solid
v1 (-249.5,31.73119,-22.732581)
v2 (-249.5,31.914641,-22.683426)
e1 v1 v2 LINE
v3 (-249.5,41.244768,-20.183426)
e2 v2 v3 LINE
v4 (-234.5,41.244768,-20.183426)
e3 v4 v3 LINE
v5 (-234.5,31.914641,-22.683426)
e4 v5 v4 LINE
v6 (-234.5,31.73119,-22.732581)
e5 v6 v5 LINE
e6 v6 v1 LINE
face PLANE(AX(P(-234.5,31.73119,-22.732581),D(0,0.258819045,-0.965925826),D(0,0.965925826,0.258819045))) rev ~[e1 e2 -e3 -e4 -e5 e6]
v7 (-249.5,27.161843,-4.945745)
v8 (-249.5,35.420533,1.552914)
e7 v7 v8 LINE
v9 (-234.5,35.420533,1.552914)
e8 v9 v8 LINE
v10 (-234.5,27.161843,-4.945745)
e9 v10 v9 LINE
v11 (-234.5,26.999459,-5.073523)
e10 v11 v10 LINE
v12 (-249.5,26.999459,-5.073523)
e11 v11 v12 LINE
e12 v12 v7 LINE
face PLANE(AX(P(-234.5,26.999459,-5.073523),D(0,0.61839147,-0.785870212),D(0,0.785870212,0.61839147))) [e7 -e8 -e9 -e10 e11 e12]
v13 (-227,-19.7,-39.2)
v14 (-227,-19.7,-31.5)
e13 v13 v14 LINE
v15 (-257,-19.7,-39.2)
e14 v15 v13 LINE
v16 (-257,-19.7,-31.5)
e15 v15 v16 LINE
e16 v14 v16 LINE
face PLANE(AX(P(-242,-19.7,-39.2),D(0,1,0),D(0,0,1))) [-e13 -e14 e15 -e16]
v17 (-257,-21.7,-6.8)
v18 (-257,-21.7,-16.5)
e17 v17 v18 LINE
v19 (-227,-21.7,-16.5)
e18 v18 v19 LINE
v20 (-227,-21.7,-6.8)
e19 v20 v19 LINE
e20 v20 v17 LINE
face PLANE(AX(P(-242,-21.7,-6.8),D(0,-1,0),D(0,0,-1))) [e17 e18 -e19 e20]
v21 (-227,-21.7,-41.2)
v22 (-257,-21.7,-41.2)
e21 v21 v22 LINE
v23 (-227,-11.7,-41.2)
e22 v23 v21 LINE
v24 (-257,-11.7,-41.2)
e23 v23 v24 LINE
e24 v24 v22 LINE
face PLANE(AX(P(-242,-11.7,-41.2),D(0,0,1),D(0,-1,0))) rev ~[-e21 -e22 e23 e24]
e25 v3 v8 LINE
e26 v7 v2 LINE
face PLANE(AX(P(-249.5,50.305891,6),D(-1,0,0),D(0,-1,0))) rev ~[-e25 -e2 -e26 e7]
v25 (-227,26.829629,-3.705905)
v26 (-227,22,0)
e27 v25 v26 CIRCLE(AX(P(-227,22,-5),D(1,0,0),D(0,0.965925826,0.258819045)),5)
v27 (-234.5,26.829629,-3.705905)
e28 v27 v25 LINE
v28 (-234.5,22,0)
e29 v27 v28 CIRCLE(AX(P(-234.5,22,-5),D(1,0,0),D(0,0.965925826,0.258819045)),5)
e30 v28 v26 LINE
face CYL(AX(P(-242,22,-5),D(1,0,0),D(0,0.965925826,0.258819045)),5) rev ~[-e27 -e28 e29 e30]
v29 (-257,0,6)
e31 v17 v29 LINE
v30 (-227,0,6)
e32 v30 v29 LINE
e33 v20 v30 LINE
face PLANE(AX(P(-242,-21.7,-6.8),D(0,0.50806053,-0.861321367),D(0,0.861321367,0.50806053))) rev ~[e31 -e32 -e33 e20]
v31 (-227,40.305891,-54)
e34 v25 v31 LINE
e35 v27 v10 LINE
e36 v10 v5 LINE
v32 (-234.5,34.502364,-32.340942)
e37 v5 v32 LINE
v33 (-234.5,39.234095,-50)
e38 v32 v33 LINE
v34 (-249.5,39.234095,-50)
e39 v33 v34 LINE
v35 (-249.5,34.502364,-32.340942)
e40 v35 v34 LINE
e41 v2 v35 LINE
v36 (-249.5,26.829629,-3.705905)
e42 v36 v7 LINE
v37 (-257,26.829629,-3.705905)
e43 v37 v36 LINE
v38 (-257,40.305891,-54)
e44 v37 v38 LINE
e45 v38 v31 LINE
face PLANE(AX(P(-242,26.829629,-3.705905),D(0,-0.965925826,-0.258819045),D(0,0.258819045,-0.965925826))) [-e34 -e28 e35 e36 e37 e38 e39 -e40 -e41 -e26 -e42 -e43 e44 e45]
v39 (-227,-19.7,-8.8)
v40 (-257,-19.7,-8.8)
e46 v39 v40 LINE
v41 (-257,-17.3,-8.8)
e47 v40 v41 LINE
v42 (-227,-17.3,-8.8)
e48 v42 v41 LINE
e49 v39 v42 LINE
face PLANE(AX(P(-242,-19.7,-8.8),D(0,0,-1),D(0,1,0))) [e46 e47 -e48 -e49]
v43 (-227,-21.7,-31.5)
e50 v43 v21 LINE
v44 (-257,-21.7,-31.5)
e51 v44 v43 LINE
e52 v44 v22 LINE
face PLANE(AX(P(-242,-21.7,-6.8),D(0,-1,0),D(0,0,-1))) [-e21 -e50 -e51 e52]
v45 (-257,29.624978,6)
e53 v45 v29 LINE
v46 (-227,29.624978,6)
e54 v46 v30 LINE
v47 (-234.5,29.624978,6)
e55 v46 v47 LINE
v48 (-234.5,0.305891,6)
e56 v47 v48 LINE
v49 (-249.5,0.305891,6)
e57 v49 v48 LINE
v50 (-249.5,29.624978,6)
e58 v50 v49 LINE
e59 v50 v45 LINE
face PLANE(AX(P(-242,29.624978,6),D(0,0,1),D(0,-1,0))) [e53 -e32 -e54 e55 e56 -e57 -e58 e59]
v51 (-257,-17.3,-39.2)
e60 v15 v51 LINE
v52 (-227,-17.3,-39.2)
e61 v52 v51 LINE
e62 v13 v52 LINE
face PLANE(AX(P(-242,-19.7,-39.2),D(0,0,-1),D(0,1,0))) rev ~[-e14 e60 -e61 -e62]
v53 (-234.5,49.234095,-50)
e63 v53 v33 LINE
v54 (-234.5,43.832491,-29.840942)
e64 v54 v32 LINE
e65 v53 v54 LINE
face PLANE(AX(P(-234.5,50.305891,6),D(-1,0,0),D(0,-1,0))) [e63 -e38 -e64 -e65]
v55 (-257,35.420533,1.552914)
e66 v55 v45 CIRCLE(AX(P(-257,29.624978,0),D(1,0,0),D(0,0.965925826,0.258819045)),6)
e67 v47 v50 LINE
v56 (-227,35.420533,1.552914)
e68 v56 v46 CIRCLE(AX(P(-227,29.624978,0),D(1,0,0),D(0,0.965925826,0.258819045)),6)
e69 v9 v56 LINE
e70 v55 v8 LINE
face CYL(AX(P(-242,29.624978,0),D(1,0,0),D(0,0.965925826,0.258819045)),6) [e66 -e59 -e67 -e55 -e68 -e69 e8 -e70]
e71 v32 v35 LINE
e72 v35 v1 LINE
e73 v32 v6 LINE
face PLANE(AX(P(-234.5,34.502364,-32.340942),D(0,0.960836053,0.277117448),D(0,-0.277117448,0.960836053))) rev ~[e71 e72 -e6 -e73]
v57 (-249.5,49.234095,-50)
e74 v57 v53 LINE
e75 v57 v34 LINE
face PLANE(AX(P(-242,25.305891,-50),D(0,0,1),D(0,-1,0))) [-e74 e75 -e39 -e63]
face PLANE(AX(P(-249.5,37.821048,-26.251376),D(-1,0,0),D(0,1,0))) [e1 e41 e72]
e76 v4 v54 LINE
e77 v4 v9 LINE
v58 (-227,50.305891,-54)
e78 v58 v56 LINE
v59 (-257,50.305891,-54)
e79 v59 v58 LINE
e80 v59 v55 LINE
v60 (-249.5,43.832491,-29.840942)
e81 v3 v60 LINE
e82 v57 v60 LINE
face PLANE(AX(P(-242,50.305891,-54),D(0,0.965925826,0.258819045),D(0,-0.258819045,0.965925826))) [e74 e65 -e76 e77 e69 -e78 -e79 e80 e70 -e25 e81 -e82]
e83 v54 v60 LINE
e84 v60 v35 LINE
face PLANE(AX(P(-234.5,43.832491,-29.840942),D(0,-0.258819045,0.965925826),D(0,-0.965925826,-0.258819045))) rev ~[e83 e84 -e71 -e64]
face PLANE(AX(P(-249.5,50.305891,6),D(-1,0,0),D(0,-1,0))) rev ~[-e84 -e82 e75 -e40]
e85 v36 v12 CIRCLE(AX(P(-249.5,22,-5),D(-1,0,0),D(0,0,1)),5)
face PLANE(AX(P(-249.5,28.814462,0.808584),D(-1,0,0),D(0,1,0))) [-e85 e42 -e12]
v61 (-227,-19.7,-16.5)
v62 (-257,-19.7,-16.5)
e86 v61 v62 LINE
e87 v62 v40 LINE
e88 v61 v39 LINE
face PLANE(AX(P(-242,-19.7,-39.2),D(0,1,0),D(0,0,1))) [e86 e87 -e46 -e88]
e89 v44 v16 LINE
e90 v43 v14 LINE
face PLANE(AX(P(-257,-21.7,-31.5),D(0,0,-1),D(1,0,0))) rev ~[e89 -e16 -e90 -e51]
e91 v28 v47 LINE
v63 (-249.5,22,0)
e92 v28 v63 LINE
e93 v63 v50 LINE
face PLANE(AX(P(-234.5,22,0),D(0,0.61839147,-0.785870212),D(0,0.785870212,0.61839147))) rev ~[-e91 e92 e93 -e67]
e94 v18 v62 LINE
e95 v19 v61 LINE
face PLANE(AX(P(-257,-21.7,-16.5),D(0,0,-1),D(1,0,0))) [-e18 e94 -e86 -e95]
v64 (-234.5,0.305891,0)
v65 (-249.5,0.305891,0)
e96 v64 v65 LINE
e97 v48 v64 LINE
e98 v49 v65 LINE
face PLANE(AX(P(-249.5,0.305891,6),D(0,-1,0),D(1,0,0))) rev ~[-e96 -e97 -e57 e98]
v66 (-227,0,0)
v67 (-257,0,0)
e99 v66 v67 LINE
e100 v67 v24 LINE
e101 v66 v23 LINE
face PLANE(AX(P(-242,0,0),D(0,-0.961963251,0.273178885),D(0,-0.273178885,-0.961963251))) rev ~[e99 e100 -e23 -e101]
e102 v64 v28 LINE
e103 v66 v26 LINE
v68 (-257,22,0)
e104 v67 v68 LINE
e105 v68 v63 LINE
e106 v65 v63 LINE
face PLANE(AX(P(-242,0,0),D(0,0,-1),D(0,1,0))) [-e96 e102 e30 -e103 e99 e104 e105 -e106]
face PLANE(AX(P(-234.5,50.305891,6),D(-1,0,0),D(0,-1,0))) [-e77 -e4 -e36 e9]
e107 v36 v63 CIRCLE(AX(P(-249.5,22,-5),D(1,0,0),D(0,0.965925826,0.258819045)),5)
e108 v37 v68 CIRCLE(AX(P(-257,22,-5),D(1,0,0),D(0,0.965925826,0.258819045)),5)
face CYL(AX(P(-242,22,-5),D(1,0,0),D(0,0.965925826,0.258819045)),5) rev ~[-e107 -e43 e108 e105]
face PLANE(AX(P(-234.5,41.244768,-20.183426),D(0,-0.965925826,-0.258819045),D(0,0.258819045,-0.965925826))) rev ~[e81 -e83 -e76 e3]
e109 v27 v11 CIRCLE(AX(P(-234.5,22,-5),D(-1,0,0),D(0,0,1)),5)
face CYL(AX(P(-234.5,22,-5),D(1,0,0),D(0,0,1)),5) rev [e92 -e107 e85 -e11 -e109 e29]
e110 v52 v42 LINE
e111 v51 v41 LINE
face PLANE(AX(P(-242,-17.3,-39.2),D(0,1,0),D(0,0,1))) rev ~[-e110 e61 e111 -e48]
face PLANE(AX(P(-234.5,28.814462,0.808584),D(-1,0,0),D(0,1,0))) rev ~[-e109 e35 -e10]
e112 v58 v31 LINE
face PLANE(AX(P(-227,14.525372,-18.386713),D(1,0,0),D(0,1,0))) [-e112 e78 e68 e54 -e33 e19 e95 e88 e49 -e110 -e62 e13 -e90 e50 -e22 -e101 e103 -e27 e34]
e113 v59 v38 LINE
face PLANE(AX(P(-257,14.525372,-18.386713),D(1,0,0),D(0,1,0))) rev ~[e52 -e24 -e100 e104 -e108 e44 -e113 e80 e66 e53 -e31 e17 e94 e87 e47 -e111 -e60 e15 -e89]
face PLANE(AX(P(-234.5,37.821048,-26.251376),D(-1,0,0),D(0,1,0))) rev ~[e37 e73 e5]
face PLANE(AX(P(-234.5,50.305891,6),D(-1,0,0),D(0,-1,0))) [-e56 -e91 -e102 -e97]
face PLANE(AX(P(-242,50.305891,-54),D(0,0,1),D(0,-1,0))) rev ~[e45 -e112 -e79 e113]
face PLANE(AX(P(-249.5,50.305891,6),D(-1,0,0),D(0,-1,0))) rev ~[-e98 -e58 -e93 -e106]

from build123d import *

# Parameters (mm, degrees)
SKETCH037_W     = 2.4
SKETCH037_H     = 30.4
PAD019_DEPTH    = 15
SKETCH038_W     = 15
SKETCH038_H     = 30
POCKET018_DEPTH = 4
SKETCH039_W     = 50
SKETCH039_H     = 15
POCKET019_DEPTH = 56
PAD022_DEPTH    = 15


with BuildPart() as part:
    # Sketch037 → Pad019 (new body, symmetric)
    with BuildSketch(Plane.YZ):
        with BuildLine():
            Line((0, 0), (22, 0))
            ThreePointArc((26.8296291314, -3.7059047745), (25.043807145, -1.0332332985), (22, 0))
            Line((26.8296291314, -3.7059047745), (40.3058913312, -54))
            Line((50.3058913312, -54), (40.3058913312, -54))
            Line((50.3058913312, -54), (35.4205328152, 1.5529142706))
            ThreePointArc((35.4205328152, 1.5529142706), (33.2775464315, 4.7601200417), (29.6249778574, 6))
            Line((29.6249778574, 6), (0, 6))
            Line((-21.7, -6.8), (0, 6))
            Line((-21.7, -6.8), (-21.7, -41.2))
            Line((-11.7, -41.2), (-21.7, -41.2))
            Line((0, 0), (-11.7, -41.2))
        make_face()
        with Locations((-18.5, -24)):
            Rectangle(SKETCH037_W, SKETCH037_H, mode=Mode.SUBTRACT)
    extrude(amount=PAD019_DEPTH, both=True)

    # Sketch038 (on Face10 of Pad019) → Pocket018 (cut)
    with BuildSketch(Plane(origin=(0, -21.7, 0), x_dir=(0, 0, -1), z_dir=(0, -1, 0))):
        with Locations((24, 0)):
            Rectangle(SKETCH038_W, SKETCH038_H)
    extrude(amount=-POCKET018_DEPTH, mode=Mode.SUBTRACT)

    # Sketch039 (on Face17 of Pocket018) → Pocket019 (cut)
    with BuildSketch(Plane(origin=(0, 0, 6), x_dir=(0, -1, 0), z_dir=(0, 0, 1))):
        with Locations((-25.3058913312, 0)):
            Rectangle(SKETCH039_W, SKETCH039_H)
    extrude(amount=-POCKET019_DEPTH, mode=Mode.SUBTRACT)

    # Sketch043 (on Face9 of Pocket019) → Pad022 (join)
    with BuildSketch(Plane(origin=(7.5, 0, 0), x_dir=(0, 1, 0), z_dir=(-1, 0, 0))):
        Polygon((34.5023642209, 32.3409419612), (31.7311897424, 22.7325814346), (41.2447676172, 20.1834259259), (43.8324912398, 29.8409419612), align=None)
        with BuildLine():
            Line((22, 0), (29.6249778574, -6))
            ThreePointArc((29.6249778574, -6), (33.2775464315, -4.7601200417), (35.4205328152, -1.5529142706))
            Line((26.9994594018, 5.0735233958), (35.4205328152, -1.5529142706))
            ThreePointArc((22, 0), (25.561433488, 1.4905568091), (26.9994594018, 5.0735233958))
        make_face()
    extrude(amount=PAD022_DEPTH)


with BuildPart() as part_1:
    # Body016 placement: moved
    add(part.part.moved(Location((-242, 0, 0))))


solid = part_1.part
